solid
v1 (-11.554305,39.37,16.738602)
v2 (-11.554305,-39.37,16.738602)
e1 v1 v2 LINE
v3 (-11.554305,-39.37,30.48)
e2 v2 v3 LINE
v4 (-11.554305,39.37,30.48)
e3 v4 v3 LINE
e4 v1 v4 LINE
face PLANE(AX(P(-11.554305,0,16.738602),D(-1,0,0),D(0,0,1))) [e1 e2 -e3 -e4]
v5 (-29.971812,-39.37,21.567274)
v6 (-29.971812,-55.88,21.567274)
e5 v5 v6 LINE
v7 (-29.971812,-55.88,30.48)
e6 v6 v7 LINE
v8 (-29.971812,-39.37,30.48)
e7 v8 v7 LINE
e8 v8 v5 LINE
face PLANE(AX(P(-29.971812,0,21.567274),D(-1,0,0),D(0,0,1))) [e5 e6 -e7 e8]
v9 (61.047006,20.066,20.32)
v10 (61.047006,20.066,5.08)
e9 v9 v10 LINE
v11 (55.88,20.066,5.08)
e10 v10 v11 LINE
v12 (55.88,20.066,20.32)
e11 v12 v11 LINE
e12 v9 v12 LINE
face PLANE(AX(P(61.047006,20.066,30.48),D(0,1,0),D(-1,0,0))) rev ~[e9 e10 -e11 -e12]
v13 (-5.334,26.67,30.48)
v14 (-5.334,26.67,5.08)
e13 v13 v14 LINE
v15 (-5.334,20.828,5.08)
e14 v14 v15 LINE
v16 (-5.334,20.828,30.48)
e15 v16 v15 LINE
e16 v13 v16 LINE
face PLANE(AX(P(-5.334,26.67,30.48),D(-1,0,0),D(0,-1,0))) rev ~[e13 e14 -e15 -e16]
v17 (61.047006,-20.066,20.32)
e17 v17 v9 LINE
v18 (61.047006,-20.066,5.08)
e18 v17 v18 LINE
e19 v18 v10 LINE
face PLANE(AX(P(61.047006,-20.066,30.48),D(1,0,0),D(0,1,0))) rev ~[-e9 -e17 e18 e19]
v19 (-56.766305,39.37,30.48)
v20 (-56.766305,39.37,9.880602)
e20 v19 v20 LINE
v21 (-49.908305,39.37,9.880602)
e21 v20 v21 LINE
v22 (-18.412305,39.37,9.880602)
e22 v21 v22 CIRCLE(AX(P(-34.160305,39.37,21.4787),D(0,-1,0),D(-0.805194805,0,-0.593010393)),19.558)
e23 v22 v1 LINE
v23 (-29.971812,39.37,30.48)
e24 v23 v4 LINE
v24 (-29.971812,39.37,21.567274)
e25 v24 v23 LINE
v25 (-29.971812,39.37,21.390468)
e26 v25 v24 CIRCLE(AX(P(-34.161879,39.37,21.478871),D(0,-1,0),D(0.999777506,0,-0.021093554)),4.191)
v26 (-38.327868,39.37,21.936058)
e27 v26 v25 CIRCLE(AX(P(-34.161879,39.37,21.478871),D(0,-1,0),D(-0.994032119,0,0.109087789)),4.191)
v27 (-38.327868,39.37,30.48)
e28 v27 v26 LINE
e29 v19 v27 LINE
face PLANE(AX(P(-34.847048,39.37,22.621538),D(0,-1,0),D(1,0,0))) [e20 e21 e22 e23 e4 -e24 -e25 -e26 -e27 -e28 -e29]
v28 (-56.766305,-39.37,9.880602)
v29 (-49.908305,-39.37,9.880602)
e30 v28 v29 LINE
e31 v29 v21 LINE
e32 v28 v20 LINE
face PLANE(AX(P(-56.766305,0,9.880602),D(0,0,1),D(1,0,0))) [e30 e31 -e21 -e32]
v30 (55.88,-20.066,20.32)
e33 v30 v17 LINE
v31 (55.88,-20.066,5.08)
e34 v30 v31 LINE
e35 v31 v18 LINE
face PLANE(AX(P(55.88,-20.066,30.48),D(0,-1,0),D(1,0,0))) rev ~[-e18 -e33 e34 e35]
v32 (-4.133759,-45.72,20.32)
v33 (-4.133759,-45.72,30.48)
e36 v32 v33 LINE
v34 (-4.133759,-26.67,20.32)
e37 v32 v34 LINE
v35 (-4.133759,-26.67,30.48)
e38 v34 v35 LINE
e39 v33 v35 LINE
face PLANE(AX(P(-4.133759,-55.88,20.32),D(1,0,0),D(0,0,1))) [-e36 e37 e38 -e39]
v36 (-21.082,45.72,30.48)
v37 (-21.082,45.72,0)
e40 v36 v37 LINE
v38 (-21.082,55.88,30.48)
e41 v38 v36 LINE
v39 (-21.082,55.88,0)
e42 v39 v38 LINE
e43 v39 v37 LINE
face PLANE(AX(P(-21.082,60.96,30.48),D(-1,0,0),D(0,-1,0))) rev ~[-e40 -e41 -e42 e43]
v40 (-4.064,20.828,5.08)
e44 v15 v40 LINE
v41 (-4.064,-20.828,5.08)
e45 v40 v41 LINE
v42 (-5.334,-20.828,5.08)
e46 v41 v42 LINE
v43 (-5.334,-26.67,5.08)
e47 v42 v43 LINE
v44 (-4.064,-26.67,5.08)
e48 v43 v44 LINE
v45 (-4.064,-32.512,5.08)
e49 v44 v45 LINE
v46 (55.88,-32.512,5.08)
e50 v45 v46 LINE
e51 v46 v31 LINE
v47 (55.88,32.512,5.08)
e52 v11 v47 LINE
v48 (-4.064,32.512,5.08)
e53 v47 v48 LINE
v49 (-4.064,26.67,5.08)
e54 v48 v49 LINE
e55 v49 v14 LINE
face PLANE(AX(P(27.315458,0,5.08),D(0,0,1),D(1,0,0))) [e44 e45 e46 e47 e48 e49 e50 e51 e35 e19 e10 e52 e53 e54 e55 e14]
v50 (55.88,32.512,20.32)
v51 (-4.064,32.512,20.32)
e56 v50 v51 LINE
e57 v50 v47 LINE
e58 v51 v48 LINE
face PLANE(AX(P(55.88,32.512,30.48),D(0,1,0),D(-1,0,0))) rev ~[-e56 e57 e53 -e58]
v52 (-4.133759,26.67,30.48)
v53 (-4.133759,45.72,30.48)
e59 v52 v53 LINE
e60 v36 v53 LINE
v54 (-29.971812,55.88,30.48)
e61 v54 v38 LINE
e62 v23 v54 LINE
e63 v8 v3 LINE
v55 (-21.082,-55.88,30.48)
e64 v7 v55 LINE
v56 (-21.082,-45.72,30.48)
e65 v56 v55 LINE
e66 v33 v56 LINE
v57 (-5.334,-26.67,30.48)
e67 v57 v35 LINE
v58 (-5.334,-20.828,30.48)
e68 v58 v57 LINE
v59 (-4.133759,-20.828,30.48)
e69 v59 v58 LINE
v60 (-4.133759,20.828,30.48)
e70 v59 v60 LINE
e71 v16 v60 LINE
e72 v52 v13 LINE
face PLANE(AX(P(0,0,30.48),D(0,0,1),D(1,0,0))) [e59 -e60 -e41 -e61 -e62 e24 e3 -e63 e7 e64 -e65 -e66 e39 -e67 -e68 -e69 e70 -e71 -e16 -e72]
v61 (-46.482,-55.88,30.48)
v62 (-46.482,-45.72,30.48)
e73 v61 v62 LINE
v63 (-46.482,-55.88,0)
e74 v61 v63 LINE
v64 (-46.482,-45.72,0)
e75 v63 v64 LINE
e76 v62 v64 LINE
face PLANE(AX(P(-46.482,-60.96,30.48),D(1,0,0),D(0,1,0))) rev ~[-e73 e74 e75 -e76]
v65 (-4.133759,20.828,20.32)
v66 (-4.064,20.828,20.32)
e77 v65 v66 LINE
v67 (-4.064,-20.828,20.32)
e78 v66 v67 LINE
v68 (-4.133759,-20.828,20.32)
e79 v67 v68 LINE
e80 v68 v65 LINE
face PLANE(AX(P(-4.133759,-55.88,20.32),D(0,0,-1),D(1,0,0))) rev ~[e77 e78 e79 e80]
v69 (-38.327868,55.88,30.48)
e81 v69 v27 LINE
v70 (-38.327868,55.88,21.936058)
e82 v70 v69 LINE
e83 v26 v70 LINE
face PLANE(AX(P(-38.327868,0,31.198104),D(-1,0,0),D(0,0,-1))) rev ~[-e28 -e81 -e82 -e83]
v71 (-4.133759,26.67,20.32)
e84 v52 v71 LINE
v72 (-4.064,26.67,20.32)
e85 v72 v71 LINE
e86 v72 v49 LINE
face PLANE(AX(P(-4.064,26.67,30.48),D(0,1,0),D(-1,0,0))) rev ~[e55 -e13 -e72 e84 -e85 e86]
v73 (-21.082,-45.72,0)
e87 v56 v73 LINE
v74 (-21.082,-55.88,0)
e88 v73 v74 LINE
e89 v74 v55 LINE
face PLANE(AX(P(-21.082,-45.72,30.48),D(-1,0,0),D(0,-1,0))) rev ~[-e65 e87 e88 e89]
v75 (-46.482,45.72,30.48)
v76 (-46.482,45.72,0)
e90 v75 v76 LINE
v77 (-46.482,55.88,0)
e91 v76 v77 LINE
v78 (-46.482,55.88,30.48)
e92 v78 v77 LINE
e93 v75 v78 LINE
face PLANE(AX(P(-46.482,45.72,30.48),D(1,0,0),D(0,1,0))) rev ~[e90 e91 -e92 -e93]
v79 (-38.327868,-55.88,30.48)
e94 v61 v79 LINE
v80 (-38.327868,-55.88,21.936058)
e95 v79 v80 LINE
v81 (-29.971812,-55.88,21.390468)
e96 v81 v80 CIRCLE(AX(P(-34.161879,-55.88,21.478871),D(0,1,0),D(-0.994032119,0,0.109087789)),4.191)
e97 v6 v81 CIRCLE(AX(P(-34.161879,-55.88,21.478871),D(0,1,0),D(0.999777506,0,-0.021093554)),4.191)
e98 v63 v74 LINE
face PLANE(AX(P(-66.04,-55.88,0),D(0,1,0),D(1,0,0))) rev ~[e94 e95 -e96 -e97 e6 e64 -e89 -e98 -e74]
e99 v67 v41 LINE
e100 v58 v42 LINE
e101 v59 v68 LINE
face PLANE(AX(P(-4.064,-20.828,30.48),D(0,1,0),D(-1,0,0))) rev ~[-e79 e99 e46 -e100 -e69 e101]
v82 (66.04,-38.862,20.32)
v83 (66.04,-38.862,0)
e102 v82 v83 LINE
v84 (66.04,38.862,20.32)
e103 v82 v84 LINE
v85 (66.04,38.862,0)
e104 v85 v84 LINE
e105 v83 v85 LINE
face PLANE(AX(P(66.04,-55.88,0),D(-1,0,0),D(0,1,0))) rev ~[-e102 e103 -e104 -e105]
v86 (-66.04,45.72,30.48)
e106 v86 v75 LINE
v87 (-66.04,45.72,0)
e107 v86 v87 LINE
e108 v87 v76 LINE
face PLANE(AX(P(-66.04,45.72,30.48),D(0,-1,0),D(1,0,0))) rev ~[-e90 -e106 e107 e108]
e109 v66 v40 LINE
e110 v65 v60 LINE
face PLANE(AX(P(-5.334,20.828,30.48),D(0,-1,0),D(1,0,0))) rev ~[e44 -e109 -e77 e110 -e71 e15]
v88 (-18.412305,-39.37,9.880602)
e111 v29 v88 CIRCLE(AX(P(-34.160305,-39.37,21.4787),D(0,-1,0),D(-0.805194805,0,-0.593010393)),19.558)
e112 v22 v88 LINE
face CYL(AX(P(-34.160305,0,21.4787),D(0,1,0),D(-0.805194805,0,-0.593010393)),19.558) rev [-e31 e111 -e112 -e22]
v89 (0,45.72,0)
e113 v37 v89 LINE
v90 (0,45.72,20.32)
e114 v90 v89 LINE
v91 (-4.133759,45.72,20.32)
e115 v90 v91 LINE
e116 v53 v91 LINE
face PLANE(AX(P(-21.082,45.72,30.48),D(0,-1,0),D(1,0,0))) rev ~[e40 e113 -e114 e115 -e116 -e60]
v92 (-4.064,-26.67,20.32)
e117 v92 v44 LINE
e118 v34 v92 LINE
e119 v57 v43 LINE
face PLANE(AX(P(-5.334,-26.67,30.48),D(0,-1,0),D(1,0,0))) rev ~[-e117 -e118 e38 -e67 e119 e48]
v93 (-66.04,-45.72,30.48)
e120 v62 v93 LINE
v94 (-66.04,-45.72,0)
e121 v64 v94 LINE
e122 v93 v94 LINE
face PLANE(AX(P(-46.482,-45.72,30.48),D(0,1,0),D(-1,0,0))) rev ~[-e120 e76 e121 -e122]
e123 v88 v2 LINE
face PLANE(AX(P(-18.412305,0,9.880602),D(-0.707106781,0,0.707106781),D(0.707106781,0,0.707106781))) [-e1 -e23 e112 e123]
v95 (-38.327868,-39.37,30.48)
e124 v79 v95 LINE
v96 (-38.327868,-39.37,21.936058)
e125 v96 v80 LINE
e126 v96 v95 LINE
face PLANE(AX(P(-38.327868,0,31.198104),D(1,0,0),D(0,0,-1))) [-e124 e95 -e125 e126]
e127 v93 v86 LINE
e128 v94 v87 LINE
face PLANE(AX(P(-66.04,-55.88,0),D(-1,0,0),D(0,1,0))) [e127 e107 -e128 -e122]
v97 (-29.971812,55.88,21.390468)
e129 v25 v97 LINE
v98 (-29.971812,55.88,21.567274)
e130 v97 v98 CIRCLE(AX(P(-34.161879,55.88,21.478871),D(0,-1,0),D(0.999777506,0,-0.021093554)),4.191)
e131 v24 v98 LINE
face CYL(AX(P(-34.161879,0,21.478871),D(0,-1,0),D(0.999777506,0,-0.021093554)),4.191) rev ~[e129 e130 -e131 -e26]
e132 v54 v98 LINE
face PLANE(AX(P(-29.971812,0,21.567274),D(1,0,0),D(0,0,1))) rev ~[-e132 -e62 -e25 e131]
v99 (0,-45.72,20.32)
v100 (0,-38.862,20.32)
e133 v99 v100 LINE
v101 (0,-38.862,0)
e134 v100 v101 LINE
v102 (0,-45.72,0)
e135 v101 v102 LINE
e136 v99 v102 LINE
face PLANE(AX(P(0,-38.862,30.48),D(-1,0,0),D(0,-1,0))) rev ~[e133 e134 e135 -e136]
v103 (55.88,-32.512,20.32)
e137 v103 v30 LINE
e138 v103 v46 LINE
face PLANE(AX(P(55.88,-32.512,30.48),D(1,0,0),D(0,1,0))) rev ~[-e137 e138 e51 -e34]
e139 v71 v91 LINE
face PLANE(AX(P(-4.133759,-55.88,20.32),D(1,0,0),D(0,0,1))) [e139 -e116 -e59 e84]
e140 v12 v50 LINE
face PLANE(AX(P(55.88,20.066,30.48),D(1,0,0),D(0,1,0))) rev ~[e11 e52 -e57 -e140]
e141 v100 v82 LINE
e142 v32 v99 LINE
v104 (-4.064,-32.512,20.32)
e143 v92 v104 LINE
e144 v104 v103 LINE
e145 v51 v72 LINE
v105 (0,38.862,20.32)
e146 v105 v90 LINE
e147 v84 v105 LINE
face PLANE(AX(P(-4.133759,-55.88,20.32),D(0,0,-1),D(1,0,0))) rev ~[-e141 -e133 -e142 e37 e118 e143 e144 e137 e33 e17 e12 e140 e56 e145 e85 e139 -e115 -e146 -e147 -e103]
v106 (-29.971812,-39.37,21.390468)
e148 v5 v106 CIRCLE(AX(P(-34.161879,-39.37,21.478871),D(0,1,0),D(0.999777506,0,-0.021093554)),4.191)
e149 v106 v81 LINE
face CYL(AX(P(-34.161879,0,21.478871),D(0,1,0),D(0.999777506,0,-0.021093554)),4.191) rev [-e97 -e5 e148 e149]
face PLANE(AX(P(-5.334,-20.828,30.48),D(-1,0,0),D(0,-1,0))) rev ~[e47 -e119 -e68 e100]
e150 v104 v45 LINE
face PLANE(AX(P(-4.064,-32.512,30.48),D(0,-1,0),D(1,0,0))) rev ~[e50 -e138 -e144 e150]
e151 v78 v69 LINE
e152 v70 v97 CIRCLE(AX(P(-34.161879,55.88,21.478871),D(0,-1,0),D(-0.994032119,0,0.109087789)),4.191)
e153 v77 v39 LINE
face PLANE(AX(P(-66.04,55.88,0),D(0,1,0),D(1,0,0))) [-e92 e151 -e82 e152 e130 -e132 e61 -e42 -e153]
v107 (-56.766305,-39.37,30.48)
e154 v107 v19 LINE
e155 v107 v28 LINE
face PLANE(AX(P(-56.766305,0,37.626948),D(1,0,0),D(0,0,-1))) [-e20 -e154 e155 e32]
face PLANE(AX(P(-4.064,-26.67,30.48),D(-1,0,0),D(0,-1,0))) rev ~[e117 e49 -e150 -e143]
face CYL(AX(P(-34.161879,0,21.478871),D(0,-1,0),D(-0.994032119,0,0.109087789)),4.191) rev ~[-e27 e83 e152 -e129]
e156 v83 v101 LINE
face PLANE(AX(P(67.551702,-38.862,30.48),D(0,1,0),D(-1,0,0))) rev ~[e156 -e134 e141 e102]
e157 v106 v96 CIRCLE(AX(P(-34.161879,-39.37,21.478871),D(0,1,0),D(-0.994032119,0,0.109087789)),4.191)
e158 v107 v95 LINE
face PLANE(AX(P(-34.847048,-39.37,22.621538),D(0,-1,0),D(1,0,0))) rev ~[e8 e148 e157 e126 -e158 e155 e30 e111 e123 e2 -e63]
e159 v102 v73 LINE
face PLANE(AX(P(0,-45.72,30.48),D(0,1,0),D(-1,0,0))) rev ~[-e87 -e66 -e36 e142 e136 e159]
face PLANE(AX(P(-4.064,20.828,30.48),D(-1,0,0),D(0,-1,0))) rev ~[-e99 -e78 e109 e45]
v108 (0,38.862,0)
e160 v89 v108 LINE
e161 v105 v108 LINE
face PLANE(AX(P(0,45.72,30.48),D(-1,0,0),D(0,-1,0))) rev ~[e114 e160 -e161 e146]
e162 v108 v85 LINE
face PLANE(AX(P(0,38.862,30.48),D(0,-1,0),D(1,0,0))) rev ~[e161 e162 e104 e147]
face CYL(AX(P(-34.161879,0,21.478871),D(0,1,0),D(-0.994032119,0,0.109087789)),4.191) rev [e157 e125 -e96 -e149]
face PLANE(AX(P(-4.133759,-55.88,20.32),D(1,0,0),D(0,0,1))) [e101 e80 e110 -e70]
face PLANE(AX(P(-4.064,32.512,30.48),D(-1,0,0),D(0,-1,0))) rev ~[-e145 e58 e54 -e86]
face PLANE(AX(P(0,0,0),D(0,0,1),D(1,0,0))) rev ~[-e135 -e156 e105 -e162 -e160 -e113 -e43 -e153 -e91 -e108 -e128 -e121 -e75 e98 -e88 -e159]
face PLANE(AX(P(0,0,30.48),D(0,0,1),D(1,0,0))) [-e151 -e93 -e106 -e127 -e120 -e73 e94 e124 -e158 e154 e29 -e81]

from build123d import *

# Parameters (mm, degrees)
F0_W          = 132.08
F0_H          = 111.76
F1_DEPTH      = 30.48
F3_DEPTH      = 25.4
F5_DEPTH      = 39.37
F5_DEPTH_BACK = 39.37
F7_DEPTH      = 127
F7_DEPTH_BACK = 127
F8_W          = 70.1737586008
F8_H          = 10.16
F9_DEPTH      = 124.52238
F10_W         = 219.0220057964
F10_H         = 191.3975924253
F11_DEPTH     = 40.60273


with BuildPart() as f1:
    # F0 (on Top) → F1 (new body)
    with BuildSketch(Plane.XY):
        Rectangle(F0_W, F0_H)
    extrude(amount=F1_DEPTH)

    # F2 (on face) → F3 (cut)
    with BuildSketch(Plane.XY.offset(30.48)):
        Polygon((55.88, 32.512), (-4.064, 32.512), (-4.064, 26.67), (-5.334, 26.67), (-5.334, 20.828), (-4.064, 20.828), (-4.064, -20.828), (-5.334, -20.828), (-5.334, -26.67), (-4.064, -26.67), (-4.064, -32.512), (55.88, -32.512), (55.88, -20.066), (61.0470063984, -20.066), (61.0470063984, 20.066), (55.88, 20.066), align=None)
    extrude(amount=-F3_DEPTH, mode=Mode.SUBTRACT)

    # F4 (on Front) → F5 (cut, two sides)
    with BuildSketch(Plane.XZ) as f5_sk:
        with BuildLine():
            Line((-56.7663048146, 9.8806022625), (-49.9083048146, 9.8806022625))
            ThreePointArc((-49.9083048146, 9.8806022625), (-34.1603048146, 1.9206995202), (-18.4123048146, 9.8806022625))
            Line((-18.4123048146, 9.8806022625), (-11.5543048146, 16.7386022625))
            Line((-11.5543048146, 16.7386022625), (-11.5543048146, 37.6269482076))
            Line((-11.5543048146, 37.6269482076), (-56.7663048146, 37.6269482076))
            Line((-56.7663048146, 37.6269482076), (-56.7663048146, 9.8806022625))
        make_face()
    extrude(amount=F5_DEPTH, mode=Mode.SUBTRACT)
    extrude(f5_sk.sketch, amount=-F5_DEPTH_BACK, mode=Mode.SUBTRACT)

    # F6 (on Front) → F7 (cut, two sides)
    with BuildSketch(Plane.XZ) as f7_sk:
        with BuildLine():
            Line((-38.3278677172, 31.1981041294), (-38.3278677172, 21.9360575249))
            ThreePointArc((-38.3278677172, 21.9360575249), (-34.4349396554, 17.2967755581), (-29.9718115766, 21.3904675121))
            Line((-29.9718115766, 21.3904675121), (-29.9718115766, 21.5672736871))
            Line((-29.9718115766, 21.5672736871), (-29.9718115766, 31.1981041294))
            Line((-29.9718115766, 31.1981041294), (-38.3278677172, 31.1981041294))
        make_face()
        with BuildLine():
            Line((-29.9718115766, 21.5672736871), (-29.9718115766, 21.3904675121))
            ThreePointArc((-29.9718115766, 21.3904675121), (-29.9708791052, 21.4788705996), (-29.9718115766, 21.5672736871))
        make_face()
    extrude(amount=-F7_DEPTH, mode=Mode.SUBTRACT)
    extrude(f7_sk.sketch, amount=F7_DEPTH_BACK, mode=Mode.SUBTRACT)

    # F8 (on face) → F9 (cut)
    with BuildSketch(Plane.XZ.offset(55.88)):
        with Locations((30.9531206996, 25.4)):
            Rectangle(F8_W, F8_H)
    extrude(amount=-F9_DEPTH, mode=Mode.SUBTRACT)

    # F10 (on face) → F11 (cut)
    with BuildSketch(Plane.XY.offset(30.48)):
        with Locations((0.9173303843, -3.9965510368)):
            Rectangle(F10_W, F10_H)
        Polygon((-66.04, -45.72), (-66.04, 45.72), (-46.482, 45.72), (-46.482, 60.96), (-21.082, 60.96), (-21.082, 45.72), (0, 45.72), (0, 38.862), (67.551702261, 38.862), (67.551702261, -38.862), (0, -38.862), (0, -45.72), (-21.082, -45.72), (-21.082, -60.96), (-46.482, -60.96), (-46.482, -45.72), align=None, mode=Mode.SUBTRACT)
    extrude(amount=-F11_DEPTH, mode=Mode.SUBTRACT)


solid = f1.part
